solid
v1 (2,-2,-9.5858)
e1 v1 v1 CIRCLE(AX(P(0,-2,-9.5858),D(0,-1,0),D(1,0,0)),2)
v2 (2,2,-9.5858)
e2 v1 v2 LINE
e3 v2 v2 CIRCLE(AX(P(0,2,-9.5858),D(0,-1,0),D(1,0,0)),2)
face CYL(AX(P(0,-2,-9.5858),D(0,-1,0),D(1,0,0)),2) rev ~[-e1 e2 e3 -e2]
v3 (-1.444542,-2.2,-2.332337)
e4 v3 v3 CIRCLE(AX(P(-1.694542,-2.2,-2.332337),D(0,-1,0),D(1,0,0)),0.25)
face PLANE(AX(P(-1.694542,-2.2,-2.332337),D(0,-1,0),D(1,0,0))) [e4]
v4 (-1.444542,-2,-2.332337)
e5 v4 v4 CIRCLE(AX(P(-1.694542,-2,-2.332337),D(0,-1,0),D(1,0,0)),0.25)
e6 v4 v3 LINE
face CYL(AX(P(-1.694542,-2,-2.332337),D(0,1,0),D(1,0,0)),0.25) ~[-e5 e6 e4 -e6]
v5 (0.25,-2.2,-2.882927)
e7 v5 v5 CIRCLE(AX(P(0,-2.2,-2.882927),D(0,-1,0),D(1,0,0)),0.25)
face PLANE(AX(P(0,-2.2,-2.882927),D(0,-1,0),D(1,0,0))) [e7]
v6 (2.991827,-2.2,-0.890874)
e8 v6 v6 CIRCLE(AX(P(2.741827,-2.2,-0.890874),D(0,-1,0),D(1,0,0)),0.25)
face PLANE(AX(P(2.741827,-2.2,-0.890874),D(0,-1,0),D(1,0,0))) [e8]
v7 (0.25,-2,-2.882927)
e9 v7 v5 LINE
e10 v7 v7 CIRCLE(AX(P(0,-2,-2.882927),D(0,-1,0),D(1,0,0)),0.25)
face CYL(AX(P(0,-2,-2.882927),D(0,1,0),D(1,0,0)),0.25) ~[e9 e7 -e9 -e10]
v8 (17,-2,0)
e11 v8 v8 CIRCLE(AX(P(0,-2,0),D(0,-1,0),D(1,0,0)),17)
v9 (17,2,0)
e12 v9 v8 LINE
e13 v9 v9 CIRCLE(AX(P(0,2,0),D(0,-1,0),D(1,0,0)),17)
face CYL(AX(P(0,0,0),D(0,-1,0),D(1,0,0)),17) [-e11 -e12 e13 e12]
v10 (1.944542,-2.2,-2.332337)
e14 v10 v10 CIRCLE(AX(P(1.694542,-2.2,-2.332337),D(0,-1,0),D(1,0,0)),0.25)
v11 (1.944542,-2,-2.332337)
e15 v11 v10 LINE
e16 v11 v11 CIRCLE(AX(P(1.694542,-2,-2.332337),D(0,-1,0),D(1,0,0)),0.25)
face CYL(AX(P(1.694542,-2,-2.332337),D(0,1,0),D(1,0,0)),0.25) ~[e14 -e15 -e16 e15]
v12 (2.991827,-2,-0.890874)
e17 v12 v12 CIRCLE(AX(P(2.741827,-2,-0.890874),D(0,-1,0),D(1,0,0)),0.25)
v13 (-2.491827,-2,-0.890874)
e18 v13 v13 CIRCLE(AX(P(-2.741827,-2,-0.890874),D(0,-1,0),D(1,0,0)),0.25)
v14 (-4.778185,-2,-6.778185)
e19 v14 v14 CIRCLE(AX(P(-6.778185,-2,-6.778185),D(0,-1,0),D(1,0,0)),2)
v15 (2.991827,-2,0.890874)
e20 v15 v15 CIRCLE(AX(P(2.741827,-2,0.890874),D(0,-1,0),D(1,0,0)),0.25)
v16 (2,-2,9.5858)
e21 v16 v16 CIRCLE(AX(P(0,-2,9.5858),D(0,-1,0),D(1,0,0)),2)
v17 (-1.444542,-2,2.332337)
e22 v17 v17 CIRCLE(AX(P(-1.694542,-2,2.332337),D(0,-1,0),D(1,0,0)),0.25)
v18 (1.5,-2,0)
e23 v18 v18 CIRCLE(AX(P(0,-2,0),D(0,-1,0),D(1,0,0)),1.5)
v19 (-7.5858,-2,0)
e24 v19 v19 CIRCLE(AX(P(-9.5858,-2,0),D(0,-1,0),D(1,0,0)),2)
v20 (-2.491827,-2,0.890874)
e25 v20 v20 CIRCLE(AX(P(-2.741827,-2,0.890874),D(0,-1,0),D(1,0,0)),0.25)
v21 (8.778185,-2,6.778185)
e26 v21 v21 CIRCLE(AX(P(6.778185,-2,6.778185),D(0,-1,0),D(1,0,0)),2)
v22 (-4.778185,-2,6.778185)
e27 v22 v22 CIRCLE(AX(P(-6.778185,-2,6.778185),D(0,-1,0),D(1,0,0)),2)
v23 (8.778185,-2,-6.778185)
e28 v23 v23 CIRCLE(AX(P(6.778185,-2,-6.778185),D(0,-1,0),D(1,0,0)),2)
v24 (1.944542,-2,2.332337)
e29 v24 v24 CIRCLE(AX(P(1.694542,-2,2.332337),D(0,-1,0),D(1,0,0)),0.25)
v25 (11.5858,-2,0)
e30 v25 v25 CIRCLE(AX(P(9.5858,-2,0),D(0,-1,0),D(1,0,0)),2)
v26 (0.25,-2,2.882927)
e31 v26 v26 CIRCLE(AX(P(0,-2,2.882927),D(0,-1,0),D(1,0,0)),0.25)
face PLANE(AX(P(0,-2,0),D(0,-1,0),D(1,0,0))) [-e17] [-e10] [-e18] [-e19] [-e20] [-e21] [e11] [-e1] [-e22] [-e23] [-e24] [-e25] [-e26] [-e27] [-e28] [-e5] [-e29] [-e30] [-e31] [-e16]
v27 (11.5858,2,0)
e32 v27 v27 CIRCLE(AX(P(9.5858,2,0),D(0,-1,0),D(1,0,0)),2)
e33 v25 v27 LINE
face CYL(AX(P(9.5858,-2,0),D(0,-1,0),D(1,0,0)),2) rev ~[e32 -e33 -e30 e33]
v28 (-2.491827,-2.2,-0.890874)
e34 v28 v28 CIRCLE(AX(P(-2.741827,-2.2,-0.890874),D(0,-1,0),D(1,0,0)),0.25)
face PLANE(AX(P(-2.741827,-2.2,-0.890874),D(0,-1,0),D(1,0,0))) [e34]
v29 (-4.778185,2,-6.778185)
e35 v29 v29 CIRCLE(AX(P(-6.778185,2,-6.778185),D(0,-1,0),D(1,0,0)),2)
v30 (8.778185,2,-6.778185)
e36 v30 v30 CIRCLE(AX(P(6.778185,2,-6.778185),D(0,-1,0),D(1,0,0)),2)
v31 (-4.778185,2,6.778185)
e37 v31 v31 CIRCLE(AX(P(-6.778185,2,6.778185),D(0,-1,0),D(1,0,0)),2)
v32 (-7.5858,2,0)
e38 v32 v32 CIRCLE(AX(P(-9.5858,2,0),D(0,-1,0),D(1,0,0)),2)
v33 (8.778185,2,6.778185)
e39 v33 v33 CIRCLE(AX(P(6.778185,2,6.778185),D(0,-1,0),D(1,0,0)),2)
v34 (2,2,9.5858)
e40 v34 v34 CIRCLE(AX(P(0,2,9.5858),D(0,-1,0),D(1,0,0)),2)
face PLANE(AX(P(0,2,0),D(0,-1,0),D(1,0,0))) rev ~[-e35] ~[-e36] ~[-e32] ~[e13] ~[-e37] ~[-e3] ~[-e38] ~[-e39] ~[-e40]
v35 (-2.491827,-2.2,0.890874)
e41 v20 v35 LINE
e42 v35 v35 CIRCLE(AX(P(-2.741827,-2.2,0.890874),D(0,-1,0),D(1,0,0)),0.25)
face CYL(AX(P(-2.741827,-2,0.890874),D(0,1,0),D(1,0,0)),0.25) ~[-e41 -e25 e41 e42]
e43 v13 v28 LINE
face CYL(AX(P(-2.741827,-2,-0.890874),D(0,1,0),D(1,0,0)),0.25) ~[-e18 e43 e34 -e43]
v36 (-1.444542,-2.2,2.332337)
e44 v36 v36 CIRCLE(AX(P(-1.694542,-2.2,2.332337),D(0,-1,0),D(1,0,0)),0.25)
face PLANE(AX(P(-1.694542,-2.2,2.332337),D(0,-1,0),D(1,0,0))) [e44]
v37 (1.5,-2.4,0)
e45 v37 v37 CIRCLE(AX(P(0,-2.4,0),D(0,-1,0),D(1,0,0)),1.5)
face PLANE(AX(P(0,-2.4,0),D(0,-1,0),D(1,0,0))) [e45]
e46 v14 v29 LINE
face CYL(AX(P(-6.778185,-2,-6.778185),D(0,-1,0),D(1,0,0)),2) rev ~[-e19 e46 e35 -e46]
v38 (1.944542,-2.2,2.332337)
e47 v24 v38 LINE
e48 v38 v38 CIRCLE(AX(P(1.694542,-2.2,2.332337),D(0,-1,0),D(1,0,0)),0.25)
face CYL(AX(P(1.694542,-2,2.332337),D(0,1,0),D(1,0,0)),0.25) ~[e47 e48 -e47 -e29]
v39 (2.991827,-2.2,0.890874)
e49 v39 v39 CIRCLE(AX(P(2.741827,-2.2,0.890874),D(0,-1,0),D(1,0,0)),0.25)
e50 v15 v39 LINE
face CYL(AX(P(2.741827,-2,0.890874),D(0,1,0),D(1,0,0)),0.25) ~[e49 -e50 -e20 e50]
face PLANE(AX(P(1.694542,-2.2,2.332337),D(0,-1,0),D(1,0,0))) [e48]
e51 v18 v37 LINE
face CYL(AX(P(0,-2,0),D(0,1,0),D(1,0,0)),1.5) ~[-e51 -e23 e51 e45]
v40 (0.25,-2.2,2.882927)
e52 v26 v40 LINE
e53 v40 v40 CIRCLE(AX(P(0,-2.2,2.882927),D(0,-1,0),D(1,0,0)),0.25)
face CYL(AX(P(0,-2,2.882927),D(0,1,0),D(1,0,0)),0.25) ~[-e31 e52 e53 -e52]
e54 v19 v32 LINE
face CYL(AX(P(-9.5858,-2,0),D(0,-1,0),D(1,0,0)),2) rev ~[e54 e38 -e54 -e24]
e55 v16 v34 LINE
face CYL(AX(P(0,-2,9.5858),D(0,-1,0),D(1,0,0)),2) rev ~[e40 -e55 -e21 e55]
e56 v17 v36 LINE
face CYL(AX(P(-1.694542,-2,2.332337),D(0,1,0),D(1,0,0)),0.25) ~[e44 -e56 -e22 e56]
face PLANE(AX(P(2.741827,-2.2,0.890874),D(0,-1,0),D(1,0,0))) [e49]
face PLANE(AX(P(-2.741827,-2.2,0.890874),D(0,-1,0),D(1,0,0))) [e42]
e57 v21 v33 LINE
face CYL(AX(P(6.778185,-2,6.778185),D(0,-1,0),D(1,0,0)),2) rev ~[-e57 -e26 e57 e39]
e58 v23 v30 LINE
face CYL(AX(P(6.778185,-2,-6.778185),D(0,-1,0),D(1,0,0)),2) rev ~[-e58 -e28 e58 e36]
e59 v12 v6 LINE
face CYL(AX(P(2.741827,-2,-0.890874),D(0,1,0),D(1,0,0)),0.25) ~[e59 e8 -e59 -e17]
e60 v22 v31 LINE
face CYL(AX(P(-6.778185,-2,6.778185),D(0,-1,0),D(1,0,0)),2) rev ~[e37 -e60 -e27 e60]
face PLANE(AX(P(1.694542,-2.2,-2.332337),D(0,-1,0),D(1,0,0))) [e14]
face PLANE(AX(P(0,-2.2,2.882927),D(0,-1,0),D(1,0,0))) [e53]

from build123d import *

# Parameters (mm, degrees)
F0_R     = 17
F1_DEPTH = 2
F2_R     = 2
F3_DEPTH = 4
F4_R     = 0.25
F5_DEPTH = 0.2
F6_R     = 1.5
F7_DEPTH = 0.4


with BuildPart() as f1:
    # F0 (on Front) → F1 (new body, symmetric)
    with BuildSketch(Plane.XZ):
        Circle(F0_R)
    extrude(amount=F1_DEPTH, both=True)

    # F2 (on face) → F3 (cut)
    with BuildSketch(Plane.XZ.offset(2)):
        with Locations((-6.778185, 6.778185)):
            Circle(F2_R)
        with Locations((-9.5858, 0)):
            Circle(F2_R)
        with Locations((-6.778185, -6.778185)):
            Circle(F2_R)
        with Locations((0, -9.5858)):
            Circle(F2_R)
        with Locations((6.778185, -6.778185)):
            Circle(F2_R)
        with Locations((9.5858, 0)):
            Circle(F2_R)
        with Locations((6.778185, 6.778185)):
            Circle(F2_R)
        with Locations((0, 9.5858)):
            Circle(F2_R)
    extrude(amount=-F3_DEPTH, mode=Mode.SUBTRACT)

    # F4 (on face) → F5 (join)
    with BuildSketch(Plane.XZ.offset(2)):
        with Locations((-2.741827, 0.890874)):
            Circle(F4_R)
        with Locations((-2.741827, -0.890874)):
            Circle(F4_R)
        with Locations((-1.694542, -2.332337)):
            Circle(F4_R)
        with Locations((0, -2.882927)):
            Circle(F4_R)
        with Locations((1.694542, -2.332337)):
            Circle(F4_R)
        with Locations((2.741827, -0.890874)):
            Circle(F4_R)
        with Locations((2.741827, 0.890874)):
            Circle(F4_R)
        with Locations((1.694542, 2.332337)):
            Circle(F4_R)
        with Locations((0, 2.882927)):
            Circle(F4_R)
        with Locations((-1.694542, 2.332337)):
            Circle(F4_R)
    extrude(amount=F5_DEPTH)

    # F6 (on face) → F7 (join)
    with BuildSketch(Plane.XZ.offset(2)):
        Circle(F6_R)
    extrude(amount=F7_DEPTH)


solid = f1.part
